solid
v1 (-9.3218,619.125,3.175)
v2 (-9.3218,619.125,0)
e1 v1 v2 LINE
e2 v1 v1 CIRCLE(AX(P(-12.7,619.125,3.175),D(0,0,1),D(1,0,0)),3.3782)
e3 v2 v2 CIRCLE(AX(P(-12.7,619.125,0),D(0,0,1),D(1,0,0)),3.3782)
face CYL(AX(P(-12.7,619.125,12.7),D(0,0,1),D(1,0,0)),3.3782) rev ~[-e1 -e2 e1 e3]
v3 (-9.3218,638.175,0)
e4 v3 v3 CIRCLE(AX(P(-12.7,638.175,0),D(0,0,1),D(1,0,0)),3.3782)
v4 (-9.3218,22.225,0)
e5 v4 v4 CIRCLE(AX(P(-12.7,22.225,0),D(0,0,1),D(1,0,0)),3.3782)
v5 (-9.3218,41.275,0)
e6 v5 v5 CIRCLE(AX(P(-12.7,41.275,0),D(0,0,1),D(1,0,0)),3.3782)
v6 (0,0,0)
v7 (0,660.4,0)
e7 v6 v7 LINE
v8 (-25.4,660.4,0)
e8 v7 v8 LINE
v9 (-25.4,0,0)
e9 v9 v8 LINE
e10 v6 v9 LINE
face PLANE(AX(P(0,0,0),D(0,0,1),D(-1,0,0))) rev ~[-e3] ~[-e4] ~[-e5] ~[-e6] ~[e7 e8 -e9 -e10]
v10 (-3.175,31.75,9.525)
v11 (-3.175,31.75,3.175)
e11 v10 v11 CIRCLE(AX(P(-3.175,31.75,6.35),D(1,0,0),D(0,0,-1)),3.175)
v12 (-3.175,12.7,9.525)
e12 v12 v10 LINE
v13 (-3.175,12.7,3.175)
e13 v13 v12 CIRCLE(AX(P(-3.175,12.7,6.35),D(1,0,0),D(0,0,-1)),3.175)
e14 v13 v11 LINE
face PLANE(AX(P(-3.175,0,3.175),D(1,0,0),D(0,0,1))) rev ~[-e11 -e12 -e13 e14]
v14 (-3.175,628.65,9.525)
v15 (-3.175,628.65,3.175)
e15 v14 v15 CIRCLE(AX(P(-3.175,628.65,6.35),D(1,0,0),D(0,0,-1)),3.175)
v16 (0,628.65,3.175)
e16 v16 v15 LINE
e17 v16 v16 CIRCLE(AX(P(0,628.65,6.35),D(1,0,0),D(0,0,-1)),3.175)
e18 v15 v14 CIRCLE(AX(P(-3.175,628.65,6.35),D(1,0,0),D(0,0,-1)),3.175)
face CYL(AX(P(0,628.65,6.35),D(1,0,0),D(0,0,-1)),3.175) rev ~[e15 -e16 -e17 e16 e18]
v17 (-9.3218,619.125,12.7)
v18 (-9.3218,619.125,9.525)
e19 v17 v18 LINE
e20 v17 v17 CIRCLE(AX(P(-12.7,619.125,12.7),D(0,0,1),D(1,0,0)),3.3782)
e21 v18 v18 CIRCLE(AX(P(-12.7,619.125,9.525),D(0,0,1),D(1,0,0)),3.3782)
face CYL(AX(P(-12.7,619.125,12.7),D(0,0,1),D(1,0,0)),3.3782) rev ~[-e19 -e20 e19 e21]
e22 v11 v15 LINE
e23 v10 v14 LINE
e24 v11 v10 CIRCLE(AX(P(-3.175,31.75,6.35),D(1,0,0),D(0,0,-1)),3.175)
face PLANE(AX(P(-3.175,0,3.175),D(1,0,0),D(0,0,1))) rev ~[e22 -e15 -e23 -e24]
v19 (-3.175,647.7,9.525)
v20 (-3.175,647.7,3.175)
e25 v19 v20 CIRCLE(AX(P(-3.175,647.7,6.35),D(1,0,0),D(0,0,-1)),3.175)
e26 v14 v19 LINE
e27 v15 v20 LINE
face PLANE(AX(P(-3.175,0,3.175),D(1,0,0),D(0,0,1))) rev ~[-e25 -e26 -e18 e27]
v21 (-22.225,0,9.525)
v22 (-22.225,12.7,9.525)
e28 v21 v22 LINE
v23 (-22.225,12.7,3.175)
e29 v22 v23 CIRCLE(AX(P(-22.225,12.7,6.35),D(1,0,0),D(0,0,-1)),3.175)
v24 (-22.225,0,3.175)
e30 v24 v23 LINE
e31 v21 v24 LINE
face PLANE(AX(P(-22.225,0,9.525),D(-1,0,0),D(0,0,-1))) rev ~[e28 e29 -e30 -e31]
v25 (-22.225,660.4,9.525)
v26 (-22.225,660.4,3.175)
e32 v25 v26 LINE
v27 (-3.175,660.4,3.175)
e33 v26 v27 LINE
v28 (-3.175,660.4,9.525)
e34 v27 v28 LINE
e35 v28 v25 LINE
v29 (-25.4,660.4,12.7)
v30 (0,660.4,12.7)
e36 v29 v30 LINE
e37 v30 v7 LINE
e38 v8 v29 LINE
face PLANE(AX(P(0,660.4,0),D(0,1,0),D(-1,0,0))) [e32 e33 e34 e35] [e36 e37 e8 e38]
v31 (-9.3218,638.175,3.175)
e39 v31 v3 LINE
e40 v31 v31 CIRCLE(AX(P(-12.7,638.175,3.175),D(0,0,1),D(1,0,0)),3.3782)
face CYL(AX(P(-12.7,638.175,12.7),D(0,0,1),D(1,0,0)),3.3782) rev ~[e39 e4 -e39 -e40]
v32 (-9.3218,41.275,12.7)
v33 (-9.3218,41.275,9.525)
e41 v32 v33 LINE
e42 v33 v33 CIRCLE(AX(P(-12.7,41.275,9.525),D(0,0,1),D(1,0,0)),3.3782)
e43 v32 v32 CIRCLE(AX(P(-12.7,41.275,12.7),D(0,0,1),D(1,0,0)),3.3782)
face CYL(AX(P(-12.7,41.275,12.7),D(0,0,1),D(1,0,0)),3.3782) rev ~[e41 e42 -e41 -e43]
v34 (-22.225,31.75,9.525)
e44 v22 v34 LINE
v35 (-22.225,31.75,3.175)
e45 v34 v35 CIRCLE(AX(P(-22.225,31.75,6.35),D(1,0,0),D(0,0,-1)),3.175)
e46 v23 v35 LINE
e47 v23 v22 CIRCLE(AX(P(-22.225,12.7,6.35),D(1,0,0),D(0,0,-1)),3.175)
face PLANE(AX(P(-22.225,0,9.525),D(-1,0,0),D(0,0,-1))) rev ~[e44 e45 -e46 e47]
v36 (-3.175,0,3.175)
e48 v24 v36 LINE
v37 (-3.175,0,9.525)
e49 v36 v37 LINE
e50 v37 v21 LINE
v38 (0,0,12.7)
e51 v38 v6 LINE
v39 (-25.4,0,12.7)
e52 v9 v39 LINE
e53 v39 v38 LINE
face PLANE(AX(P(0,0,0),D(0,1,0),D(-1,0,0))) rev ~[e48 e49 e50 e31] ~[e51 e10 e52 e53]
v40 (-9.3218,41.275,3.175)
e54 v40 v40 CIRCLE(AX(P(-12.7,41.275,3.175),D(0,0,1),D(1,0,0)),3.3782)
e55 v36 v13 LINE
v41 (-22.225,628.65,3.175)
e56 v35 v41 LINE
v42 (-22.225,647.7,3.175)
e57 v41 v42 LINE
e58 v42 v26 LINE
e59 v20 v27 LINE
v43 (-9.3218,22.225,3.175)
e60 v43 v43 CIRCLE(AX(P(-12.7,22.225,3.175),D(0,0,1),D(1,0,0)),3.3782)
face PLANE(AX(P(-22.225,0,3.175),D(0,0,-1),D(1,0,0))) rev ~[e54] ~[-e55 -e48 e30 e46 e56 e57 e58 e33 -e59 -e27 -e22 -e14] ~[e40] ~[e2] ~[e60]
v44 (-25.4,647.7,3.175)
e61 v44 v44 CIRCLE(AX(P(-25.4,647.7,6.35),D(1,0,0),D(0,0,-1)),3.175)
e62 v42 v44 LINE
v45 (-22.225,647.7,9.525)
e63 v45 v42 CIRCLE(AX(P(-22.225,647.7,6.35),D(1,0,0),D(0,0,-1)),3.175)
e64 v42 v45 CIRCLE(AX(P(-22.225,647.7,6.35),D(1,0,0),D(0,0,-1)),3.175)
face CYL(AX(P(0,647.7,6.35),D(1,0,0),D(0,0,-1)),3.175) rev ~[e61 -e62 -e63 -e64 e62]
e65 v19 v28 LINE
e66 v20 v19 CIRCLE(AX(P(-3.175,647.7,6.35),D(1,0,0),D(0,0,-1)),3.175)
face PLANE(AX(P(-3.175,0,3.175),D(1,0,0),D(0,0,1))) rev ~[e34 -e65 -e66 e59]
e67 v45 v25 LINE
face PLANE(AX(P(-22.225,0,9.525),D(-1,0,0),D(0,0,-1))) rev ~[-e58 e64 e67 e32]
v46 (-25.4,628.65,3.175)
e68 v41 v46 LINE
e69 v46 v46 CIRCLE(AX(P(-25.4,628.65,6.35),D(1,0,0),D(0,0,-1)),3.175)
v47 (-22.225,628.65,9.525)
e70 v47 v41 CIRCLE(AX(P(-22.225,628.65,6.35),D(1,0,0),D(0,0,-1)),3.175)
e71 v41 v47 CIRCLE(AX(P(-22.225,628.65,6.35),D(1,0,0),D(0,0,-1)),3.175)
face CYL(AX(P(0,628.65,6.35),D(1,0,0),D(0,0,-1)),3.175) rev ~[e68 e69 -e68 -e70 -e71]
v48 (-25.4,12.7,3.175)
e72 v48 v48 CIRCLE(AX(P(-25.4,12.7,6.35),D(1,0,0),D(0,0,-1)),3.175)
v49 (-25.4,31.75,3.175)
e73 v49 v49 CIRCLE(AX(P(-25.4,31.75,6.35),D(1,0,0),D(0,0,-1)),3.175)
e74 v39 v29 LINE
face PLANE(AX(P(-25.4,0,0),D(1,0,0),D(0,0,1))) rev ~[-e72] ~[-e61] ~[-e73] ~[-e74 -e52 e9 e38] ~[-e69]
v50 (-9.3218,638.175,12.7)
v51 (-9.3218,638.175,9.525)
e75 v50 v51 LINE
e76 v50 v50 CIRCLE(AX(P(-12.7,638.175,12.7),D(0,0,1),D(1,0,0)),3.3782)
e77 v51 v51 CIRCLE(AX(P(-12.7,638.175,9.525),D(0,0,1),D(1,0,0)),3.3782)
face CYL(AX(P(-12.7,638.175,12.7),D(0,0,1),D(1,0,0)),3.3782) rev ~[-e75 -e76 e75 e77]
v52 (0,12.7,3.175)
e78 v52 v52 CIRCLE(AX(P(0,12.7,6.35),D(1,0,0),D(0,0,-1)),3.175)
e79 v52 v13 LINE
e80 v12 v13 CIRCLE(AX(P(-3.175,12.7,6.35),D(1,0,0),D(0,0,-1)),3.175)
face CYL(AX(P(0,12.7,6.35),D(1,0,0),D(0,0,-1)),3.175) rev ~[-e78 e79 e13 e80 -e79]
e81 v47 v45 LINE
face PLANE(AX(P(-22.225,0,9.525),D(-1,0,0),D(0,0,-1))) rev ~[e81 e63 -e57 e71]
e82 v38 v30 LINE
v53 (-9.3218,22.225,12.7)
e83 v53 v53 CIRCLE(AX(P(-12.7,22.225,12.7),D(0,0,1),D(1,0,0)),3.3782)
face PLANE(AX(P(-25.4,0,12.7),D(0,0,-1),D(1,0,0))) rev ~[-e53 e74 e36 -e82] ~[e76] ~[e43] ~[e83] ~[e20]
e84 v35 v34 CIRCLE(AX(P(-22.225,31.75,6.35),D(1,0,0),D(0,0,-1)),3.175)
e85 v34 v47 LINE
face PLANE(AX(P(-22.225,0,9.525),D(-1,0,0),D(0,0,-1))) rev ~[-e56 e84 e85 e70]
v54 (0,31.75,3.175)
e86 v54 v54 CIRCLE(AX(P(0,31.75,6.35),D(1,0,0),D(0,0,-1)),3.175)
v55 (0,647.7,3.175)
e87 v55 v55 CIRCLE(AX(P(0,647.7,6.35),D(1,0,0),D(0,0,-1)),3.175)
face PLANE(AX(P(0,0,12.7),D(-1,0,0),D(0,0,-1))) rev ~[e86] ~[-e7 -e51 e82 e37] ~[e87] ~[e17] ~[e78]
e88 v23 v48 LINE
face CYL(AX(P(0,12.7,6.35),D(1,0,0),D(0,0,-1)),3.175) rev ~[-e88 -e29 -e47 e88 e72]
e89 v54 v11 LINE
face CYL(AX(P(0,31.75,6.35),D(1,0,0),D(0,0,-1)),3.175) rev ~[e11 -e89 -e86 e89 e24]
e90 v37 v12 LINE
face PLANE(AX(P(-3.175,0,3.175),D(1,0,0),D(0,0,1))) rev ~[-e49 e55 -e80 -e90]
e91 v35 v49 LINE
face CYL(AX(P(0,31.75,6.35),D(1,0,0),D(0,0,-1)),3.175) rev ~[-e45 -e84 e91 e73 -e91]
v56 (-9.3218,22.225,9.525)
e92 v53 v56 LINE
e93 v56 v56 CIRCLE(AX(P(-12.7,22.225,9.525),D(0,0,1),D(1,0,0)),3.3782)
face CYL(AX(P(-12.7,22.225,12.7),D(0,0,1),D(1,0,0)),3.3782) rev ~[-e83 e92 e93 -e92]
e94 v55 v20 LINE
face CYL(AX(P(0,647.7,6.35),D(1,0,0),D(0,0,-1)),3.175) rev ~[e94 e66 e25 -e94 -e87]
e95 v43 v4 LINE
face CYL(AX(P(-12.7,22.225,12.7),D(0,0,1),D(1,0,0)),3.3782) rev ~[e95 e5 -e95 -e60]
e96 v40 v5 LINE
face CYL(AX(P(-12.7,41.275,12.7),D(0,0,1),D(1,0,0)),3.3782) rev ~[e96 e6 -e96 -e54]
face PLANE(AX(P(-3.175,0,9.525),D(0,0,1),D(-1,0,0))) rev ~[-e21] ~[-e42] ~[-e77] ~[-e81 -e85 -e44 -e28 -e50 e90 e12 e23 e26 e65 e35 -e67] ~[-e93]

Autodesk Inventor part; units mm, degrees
ref_plane "YZ Plane" through (0, 0, 0) normal (1, 0, 0) x (0, 1, 0)
ref_plane "XZ Plane" through (0, 0, 0) normal (0, 1, 0) x (-1, 0, 0)
sketch "Sketch1" plane through (0, 0, 0) normal (0, 1, 0) x (-1, 0, 0)
  line L0 (0, 0) -> (25.4, 0)
  line L1 (25.4, 0) -> (25.4, 12.7)
  line L2 (25.4, 12.7) -> (0, 12.7)
  line L3 (0, 12.7) -> (0, 0)
  line L4 (3.175, 9.525) -> (22.225, 9.525)
  line L5 (22.225, 9.525) -> (22.225, 3.175)
  line L6 (22.225, 3.175) -> (3.175, 3.175)
  line L7 (3.175, 3.175) -> (3.175, 9.525)
  dimension "d0" = 25.4
  dimension "d2" = 3.175
  dimension "d5" = 12.7
extrude "Extrusion1" add sketch "Sketch1" along normal blind 660.4
sketch "Sketch2" plane through (-25.4, 0, 12.7) normal (0, 0, 1) x (1, 0, 0)
  circle A0 centre (12.7, 41.275) radius 3.3782 projected
  circle A1 centre (12.7, 22.225) radius 3.3782 projected
  circle A2 centre (12.7, 619.125) radius 3.3782 projected
  circle A3 centre (12.7, 638.175) radius 3.3782 projected
  line L0 (25.4, 0) -> (0, 0) projected
  line L1 (25.4, 660.4) -> (25.4, 0) projected
  line L2 (0, 660.4) -> (25.4, 660.4) projected
  line L3 (0, 0) -> (0, 660.4) projected
extrude "Extrusion2" cut sketch "Sketch2" against normal blind 25.4 contours A0 | A1 | A2 | A3
ref_plane "Work Plane1" through (-25.4, 0, 6.35) normal (0, 0, 1) x (1, 0, 0)
sketch "Sketch3" plane through (0, 0, 0) normal (1, 0, 0) x (0, 0, -1)
  line L0 (-12.7, 0) -> (0, 0) projected
  line L1 (-12.7, 660.4) -> (0, 660.4) projected
  line L2 (-6.35, 0) -> (-6.35, 660.4) construction
  circle A0 centre (-6.35, 647.7) radius 3.175
  circle A1 centre (-6.35, 628.65) radius 3.175
  circle A2 centre (-6.35, 12.7) radius 3.175
  circle A3 centre (-6.35, 31.75) radius 3.175
  dimension "d8" = 6.35
  dimension "d10" = 12.7
  dimension "d11" = 19.05
  dimension "d12" = 12.7
  dimension "d13" = 19.05
extrude "Extrusion3" cut sketch "Sketch3" against normal blind 25.4
properties part number "M - 26 inch rail" material "Aluminum 6061"
